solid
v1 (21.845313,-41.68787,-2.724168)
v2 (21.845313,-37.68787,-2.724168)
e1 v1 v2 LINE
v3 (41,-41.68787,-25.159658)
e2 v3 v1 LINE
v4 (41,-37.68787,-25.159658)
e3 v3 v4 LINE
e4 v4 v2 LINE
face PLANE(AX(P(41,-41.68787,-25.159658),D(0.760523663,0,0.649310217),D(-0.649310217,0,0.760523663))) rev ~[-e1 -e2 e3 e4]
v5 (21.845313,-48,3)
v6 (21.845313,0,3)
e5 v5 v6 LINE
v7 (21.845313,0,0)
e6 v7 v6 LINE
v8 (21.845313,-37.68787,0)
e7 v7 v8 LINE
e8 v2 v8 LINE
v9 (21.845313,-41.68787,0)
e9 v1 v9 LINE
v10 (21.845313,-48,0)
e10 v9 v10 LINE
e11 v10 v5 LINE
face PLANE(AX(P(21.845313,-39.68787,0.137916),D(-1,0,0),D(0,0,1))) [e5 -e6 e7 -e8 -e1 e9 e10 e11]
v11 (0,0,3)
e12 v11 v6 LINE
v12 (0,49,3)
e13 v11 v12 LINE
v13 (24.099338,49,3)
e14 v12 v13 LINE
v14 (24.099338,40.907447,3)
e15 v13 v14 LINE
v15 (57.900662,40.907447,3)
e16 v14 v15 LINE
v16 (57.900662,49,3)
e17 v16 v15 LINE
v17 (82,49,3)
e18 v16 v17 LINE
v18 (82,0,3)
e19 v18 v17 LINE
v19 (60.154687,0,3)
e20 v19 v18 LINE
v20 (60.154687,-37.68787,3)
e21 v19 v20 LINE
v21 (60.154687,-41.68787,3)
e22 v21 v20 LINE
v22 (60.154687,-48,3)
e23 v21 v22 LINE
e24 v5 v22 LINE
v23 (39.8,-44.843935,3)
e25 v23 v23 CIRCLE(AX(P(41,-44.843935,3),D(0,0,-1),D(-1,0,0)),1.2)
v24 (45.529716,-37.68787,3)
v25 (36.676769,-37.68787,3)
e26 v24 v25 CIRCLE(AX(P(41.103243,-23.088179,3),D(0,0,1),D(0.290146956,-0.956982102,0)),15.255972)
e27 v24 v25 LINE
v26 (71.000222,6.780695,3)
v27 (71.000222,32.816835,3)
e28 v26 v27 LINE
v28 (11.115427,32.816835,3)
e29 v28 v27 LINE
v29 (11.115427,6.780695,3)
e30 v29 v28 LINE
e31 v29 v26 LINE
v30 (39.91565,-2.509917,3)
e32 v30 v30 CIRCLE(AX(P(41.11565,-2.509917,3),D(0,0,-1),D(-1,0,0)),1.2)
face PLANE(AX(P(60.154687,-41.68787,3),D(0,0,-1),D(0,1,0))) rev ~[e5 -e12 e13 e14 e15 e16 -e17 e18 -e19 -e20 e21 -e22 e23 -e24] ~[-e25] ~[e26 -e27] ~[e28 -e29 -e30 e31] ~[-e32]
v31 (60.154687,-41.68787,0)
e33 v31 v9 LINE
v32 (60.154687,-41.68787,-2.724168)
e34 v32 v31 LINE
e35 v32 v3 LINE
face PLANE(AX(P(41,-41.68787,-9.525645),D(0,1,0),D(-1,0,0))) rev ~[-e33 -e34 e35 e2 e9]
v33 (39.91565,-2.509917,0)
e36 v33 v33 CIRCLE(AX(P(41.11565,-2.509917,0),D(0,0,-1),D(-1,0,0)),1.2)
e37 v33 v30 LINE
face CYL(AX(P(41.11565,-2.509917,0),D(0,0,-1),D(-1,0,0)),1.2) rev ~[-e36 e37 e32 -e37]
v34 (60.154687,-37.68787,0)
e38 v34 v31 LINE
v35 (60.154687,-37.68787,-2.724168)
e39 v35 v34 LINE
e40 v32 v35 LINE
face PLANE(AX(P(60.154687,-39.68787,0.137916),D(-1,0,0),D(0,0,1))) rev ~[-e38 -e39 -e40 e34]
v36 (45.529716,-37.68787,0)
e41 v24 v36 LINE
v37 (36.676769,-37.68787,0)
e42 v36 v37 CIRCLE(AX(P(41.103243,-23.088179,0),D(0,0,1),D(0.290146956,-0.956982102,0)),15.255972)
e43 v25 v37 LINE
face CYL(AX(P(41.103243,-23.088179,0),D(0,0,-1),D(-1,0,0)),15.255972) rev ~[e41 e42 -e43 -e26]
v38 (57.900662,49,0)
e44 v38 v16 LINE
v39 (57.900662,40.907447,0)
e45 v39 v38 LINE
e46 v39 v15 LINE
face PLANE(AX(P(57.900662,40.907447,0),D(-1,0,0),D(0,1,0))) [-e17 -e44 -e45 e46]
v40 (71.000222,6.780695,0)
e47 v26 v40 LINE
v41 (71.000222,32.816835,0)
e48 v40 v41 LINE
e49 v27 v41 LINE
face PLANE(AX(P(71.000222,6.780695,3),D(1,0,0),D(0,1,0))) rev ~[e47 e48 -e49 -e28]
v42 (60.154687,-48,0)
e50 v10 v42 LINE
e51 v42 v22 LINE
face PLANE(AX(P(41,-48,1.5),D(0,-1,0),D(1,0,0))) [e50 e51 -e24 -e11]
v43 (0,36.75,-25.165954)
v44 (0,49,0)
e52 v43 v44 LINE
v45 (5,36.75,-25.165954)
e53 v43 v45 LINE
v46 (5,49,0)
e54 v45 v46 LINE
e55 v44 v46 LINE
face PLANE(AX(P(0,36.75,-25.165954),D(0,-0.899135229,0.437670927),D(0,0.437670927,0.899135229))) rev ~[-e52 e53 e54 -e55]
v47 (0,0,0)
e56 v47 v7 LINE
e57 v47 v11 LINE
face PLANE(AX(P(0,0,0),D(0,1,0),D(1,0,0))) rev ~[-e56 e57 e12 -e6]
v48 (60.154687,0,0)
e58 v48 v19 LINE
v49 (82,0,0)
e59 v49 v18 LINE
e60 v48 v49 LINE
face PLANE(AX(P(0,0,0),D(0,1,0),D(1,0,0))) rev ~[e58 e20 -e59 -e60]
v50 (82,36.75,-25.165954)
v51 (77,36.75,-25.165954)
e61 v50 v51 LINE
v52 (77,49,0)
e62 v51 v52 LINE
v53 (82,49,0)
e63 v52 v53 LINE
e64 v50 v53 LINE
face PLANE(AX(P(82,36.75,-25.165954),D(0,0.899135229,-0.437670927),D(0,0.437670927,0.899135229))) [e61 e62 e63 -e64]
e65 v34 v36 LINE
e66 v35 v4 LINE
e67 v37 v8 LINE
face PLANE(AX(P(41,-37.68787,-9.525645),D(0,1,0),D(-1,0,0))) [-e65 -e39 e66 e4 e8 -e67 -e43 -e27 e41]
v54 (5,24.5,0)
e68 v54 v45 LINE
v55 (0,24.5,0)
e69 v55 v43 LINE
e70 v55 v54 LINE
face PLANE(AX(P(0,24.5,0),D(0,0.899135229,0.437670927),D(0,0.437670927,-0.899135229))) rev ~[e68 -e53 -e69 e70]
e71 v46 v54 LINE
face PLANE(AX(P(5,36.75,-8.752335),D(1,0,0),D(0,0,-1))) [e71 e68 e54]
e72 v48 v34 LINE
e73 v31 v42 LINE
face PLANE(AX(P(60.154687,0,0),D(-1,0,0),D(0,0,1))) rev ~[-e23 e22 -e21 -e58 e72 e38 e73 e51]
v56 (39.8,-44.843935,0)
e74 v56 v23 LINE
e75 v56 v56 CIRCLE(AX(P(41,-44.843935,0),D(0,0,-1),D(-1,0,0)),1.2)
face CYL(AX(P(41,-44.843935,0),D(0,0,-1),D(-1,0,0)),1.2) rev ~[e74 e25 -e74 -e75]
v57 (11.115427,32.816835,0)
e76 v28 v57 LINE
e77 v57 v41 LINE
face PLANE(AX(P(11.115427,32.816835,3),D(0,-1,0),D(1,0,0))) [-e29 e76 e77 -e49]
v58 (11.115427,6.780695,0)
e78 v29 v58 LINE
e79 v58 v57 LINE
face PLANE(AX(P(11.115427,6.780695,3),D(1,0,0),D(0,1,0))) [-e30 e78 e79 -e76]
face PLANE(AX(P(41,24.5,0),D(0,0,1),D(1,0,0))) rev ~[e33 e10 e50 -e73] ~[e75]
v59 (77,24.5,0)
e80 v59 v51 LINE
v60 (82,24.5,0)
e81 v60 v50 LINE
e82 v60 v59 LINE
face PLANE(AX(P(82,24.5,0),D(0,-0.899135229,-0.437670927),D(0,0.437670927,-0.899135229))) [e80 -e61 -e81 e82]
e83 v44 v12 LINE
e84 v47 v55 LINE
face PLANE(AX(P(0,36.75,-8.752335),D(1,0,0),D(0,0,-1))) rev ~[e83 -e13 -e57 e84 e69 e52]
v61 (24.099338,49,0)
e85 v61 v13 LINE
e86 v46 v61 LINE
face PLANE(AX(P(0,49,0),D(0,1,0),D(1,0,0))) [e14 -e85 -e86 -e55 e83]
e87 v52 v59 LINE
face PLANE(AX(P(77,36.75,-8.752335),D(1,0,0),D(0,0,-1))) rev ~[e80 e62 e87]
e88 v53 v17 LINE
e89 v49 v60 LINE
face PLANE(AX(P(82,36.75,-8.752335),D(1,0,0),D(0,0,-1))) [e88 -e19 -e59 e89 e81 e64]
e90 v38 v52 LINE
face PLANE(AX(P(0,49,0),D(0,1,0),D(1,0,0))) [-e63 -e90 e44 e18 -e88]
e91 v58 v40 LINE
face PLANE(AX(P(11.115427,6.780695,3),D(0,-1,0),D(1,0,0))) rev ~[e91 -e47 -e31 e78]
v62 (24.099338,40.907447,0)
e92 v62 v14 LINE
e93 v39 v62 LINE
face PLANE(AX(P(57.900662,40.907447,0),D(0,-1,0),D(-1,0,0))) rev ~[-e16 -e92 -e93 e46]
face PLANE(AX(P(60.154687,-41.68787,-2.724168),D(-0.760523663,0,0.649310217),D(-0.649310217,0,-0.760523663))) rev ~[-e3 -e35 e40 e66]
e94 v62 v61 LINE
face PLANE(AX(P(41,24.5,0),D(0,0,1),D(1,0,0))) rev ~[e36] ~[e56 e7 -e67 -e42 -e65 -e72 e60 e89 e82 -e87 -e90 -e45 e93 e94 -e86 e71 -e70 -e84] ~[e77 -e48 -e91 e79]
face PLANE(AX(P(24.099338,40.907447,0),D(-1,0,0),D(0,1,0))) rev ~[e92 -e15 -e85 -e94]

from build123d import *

# Parameters (mm, degrees)
ESQUISSE1_W             = 82
ESQUISSE1_H             = 49
BOSS_EXTRU_1_DEPTH      = 3
ESQUISSE2_W             = 38.309373872
ESQUISSE2_H             = 3
BOSS_EXTRU_2_DEPTH      = 48
ESQUISSE3_R             = 15.255971645
ENL_V_MAT_EXTRU_1_DEPTH = 96.571962416
ESQUISSE4_W             = 33.801324292
ESQUISSE4_H             = 8.092552901
ENL_V_MAT_EXTRU_2_DEPTH = 96.571962416
BOSS_EXTRU_3_DEPTH      = 5
BOSS_EXTRU_4_DEPTH      = 5
ESQUISSE8_R             = 1.2
ENL_V_MAT_EXTRU_3_DEPTH = 99.784235864
BOSS_EXTRU_6_START      = -38.309374
ESQUISSE9_W             = 5.724168344
ESQUISSE9_H             = 4
BOSS_EXTRU_6_DEPTH      = 38.309374
BOSS_EXTRU_7_DEPTH      = 4
ESQUISSE11_R            = 1.2
ENL_V_MAT_EXTRU_4_DEPTH = 99.784235864
ESQUISSE12_W            = 59.88479499
ESQUISSE12_H            = 26.036139414
ENL_V_MAT_EXTRU_5_DEPTH = 100.590767548


with BuildPart() as part:
    # Esquisse1 → Boss.-Extru.1 (new body)
    with BuildSketch(Plane.XY):
        with Locations((41, 24.5)):
            Rectangle(ESQUISSE1_W, ESQUISSE1_H)
    extrude(amount=BOSS_EXTRU_1_DEPTH)

    # Esquisse2 → Boss.-Extru.2 (add)
    with BuildSketch(Plane.XZ):
        with Locations((41, 1.5)):
            Rectangle(ESQUISSE2_W, ESQUISSE2_H)
    extrude(amount=BOSS_EXTRU_2_DEPTH)

    # Esquisse3 → Enlèv. mat.-Extru.1 (cut, through all)
    with BuildSketch(Plane(origin=(0, 0, 0), x_dir=(-1, 0, 0), z_dir=(0, 0, -1))):
        with Locations((-41.103242704, -23.088178639)):
            Circle(ESQUISSE3_R)
    extrude(amount=-ENL_V_MAT_EXTRU_1_DEPTH, mode=Mode.SUBTRACT)

    # Esquisse4 → Enlèv. mat.-Extru.2 (cut, through all)
    with BuildSketch(Plane(origin=(0, 0, 0), x_dir=(-1, 0, 0), z_dir=(0, 0, -1))):
        with Locations((-41, 44.953723549)):
            Rectangle(ESQUISSE4_W, ESQUISSE4_H)
    extrude(amount=-ENL_V_MAT_EXTRU_2_DEPTH, mode=Mode.SUBTRACT)

    # Esquisse5 → Boss.-Extru.3 (add)
    with BuildSketch(Plane(origin=(82, 0, 0), x_dir=(0, 0, -1), z_dir=(1, 0, 0))):
        Polygon((0, 49), (0, 24.5), (25.165954286, 36.75), align=None)
    extrude(amount=-BOSS_EXTRU_3_DEPTH)

    # Esquisse6 → Boss.-Extru.4 (add)
    with BuildSketch(Plane.ZY):
        Polygon((0, 49), (0, 24.5), (-25.165954286, 36.75), align=None)
    extrude(amount=-BOSS_EXTRU_4_DEPTH)

    # Esquisse8 → Enlèv. mat.-Extru.3 (cut, through all)
    with BuildSketch(Plane(origin=(0, 0, 0), x_dir=(-1, 0, 0), z_dir=(0, 0, -1))):
        with Locations((-41.11564979, -2.509917341)):
            Circle(ESQUISSE8_R)
    extrude(amount=-ENL_V_MAT_EXTRU_3_DEPTH, mode=Mode.SUBTRACT)

    # Esquisse9 → Boss.-Extru.6 (add)
    with BuildSketch(Plane.ZY.offset(-21.845313064).offset(BOSS_EXTRU_6_START)):
        with Locations((0.137915828, -39.687870455)):
            Rectangle(ESQUISSE9_W, ESQUISSE9_H)
    extrude(amount=BOSS_EXTRU_6_DEPTH)

    # Esquisse10 → Boss.-Extru.7 (add)
    with BuildSketch(Plane.XZ.offset(41.687870455)):
        Polygon((21.845313064, -2.724168344), (60.154686936, -2.724168344), (41, -25.159658009), align=None)
    extrude(amount=-BOSS_EXTRU_7_DEPTH)

    # Esquisse11 → Enlèv. mat.-Extru.4 (cut, through all)
    with BuildSketch(Plane(origin=(0, 0, 0), x_dir=(-1, 0, 0), z_dir=(0, 0, -1))):
        with Locations((-41, -44.843935227)):
            Circle(ESQUISSE11_R)
    extrude(amount=-ENL_V_MAT_EXTRU_4_DEPTH, mode=Mode.SUBTRACT)

    # Esquisse12 → Enlèv. mat.-Extru.5 (cut, through all)
    with BuildSketch(Plane.XY.offset(3)):
        with Locations((41.057824895, 19.798764879)):
            Rectangle(ESQUISSE12_W, ESQUISSE12_H)
    extrude(amount=-ENL_V_MAT_EXTRU_5_DEPTH, mode=Mode.SUBTRACT)


solid = part.part
